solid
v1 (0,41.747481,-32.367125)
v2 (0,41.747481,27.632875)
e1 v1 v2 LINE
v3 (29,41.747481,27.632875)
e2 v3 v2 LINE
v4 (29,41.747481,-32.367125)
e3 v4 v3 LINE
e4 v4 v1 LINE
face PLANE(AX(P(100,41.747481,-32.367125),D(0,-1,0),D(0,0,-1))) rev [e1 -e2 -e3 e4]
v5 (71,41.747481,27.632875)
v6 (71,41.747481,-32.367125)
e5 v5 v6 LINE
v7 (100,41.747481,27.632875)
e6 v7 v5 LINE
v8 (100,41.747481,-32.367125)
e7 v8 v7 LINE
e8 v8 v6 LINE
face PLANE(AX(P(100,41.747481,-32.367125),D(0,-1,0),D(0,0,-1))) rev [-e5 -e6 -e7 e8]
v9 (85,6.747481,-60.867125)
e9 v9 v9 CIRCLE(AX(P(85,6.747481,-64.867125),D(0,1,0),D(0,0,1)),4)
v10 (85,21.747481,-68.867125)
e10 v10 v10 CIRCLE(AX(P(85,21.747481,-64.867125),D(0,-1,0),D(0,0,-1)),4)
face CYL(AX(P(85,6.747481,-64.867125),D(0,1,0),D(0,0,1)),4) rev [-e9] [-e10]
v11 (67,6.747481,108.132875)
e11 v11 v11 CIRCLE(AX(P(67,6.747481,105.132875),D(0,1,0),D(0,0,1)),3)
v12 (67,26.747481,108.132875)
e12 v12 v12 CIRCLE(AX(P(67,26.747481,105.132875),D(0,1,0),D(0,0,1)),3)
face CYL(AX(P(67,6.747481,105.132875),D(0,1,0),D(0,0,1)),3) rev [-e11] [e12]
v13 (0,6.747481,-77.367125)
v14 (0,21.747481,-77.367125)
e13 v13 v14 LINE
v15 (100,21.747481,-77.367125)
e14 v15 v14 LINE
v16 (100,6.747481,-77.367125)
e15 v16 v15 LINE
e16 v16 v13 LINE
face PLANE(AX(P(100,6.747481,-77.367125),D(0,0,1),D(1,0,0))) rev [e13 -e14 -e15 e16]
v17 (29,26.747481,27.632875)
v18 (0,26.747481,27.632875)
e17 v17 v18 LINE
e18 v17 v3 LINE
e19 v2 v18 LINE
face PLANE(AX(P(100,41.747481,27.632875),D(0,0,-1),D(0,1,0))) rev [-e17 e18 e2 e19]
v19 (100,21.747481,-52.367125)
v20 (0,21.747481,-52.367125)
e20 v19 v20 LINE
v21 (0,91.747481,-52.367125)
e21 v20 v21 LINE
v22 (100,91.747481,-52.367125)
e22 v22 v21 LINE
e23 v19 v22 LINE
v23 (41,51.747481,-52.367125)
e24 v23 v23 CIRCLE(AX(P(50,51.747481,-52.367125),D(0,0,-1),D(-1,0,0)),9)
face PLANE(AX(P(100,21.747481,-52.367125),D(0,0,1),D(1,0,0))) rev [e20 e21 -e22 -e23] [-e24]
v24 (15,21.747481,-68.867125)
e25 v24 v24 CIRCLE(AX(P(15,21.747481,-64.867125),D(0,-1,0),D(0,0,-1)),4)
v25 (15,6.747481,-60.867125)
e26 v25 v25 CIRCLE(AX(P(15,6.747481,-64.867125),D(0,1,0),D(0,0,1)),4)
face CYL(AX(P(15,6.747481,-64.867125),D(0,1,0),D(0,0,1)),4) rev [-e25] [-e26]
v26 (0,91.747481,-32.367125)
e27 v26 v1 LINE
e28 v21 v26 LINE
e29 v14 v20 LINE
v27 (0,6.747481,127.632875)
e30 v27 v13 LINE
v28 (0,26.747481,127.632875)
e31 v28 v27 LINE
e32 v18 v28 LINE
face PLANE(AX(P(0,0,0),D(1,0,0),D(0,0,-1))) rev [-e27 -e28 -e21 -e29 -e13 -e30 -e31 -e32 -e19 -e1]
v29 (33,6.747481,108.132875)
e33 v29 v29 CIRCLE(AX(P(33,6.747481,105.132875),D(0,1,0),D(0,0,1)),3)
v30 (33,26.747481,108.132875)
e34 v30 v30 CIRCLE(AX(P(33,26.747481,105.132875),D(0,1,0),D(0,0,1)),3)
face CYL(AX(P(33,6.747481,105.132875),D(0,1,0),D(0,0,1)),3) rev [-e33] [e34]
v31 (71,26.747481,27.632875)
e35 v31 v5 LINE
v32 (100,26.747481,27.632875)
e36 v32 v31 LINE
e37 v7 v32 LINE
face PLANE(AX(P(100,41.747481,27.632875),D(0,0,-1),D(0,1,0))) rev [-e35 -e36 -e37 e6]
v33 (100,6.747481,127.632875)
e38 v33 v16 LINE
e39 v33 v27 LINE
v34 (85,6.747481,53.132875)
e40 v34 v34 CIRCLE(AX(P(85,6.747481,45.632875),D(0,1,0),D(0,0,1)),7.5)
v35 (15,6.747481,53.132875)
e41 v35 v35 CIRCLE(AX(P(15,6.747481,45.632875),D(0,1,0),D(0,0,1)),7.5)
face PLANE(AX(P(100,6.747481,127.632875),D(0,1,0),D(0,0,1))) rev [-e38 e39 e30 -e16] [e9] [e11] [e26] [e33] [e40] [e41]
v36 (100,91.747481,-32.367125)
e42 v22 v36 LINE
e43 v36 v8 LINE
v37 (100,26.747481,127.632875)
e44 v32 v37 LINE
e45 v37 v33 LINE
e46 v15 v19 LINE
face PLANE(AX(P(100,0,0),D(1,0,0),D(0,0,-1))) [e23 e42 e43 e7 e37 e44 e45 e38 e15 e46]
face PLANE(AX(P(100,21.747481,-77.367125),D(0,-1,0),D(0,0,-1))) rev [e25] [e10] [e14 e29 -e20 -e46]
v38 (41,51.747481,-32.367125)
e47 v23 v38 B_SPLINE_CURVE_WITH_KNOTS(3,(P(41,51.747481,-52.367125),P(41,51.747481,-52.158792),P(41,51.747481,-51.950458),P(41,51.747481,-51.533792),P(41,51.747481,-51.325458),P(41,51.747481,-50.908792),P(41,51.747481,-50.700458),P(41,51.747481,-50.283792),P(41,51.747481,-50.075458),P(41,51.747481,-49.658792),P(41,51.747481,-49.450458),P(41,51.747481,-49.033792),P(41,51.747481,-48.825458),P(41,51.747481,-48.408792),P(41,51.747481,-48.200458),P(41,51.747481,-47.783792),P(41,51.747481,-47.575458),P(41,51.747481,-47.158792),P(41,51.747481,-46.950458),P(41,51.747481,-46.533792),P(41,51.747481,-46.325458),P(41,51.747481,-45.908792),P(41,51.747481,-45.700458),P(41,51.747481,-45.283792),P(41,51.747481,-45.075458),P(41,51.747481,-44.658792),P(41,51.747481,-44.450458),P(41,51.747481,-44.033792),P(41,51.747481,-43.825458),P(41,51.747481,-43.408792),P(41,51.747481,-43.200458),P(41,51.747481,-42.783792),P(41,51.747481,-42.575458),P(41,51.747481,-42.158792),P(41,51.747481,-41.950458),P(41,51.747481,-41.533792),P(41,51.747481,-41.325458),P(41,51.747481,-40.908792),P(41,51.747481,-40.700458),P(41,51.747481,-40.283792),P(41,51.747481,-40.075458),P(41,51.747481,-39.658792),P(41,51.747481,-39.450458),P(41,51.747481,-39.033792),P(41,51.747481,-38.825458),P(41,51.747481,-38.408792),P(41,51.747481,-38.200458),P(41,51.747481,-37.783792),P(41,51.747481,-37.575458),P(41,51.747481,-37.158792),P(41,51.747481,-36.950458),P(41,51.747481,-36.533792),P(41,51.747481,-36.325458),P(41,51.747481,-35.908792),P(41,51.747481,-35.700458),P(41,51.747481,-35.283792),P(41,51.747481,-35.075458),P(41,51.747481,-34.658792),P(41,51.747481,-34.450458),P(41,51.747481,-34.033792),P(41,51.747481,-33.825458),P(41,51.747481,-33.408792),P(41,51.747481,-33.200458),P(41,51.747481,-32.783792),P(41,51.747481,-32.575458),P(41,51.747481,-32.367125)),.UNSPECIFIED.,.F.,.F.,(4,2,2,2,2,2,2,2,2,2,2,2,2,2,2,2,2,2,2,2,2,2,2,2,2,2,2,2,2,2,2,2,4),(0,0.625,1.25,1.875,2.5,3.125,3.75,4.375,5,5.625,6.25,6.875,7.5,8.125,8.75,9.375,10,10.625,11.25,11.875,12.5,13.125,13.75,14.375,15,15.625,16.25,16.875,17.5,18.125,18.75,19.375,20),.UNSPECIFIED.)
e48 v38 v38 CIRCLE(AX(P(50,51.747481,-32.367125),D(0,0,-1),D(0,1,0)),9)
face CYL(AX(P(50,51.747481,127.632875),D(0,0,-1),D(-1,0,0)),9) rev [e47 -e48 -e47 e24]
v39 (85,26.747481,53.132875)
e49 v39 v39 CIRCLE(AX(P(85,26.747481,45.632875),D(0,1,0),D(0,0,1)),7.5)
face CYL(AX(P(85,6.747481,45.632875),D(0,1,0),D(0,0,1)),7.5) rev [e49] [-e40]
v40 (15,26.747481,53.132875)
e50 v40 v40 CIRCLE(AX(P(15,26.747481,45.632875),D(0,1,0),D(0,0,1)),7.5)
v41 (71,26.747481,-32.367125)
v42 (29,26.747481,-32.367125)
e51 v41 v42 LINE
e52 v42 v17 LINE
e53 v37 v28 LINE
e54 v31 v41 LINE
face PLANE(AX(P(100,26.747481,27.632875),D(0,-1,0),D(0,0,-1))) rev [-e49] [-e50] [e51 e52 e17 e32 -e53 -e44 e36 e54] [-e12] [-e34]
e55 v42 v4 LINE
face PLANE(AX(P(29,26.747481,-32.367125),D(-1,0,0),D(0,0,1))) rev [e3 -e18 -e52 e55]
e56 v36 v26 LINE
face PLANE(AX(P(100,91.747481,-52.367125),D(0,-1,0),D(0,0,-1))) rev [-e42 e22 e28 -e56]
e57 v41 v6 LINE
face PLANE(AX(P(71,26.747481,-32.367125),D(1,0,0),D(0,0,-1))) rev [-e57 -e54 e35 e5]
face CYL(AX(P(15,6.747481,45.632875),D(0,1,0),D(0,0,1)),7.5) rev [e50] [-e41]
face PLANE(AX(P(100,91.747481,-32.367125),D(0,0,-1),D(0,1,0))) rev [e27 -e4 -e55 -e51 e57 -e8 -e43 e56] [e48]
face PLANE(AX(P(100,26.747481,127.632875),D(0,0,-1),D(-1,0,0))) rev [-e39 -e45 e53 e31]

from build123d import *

# Parameters (mm, degrees)
Y_KSEKLIK_EKSTR_ZYON1_DEPTH = 100
IZIM2_W                     = 42
IZIM2_H                     = 60
KES_EKSTR_ZYON1_DEPTH       = 15
IZIM3_R                     = 4
IZIM3_R_2                   = 3
KES_EKSTR_ZYON2_DEPTH       = 175.685863047
IZIM4_R                     = 7.5
KES_EKSTR_ZYON5_DEPTH       = 175.685863047
IZIM5_R                     = 9
KES_EKSTR_ZYON6_DEPTH       = 226.427594277


with BuildPart() as part:
    # Çizim1 → Yükseklik-Ekstrüzyon1 (new body)
    with BuildSketch(Plane(origin=(0, 0, 0), x_dir=(0, 0, -1), z_dir=(1, 0, 0))):
        Polygon((-127.632874873, 26.747480954), (-127.632874873, 6.747480954), (77.367125127, 6.747480954), (77.367125127, 21.747480954), (52.367125127, 21.747480954), (52.367125127, 91.747480954), (32.367125127, 91.747480954), (32.367125127, 41.747480954), (-27.632874873, 41.747480954), (-27.632874873, 26.747480954), align=None)
    extrude(amount=Y_KSEKLIK_EKSTR_ZYON1_DEPTH)

    # Çizim2 → Kes-Ekstrüzyon1 (cut)
    with BuildSketch(Plane(origin=(0, 41.747480954, 0), x_dir=(1, 0, 0), z_dir=(0, 1, 0))):
        with Locations((50, 2.367125127)):
            Rectangle(IZIM2_W, IZIM2_H)
    extrude(amount=-KES_EKSTR_ZYON1_DEPTH, mode=Mode.SUBTRACT)

    # Çizim3 → Kes-Ekstrüzyon2 (cut, through all)
    with BuildSketch(Plane(origin=(0, 26.747480954, 0), x_dir=(1, 0, 0), z_dir=(0, 1, 0))):
        with Locations(Location((15, 64.867125127, 0), (0, 0, 270))):
            Circle(IZIM3_R)
        with Locations(Location((85, 64.867125127, 0), (0, 0, 270))):
            Circle(IZIM3_R)
        with Locations(Location((33, -105.132874873, 0), (0, 0, 270))):
            Circle(IZIM3_R_2)
        with Locations(Location((67, -105.132874873, 0), (0, 0, 270))):
            Circle(IZIM3_R_2)
    extrude(amount=-KES_EKSTR_ZYON2_DEPTH, mode=Mode.SUBTRACT)

    # Çizim4 → Kes-Ekstrüzyon5 (cut, through all)
    with BuildSketch(Plane(origin=(0, 26.747480954, 0), x_dir=(1, 0, 0), z_dir=(0, 1, 0))):
        with Locations(Location((15, -45.632874873, 0), (0, 0, 270))):
            Circle(IZIM4_R)
        with Locations(Location((85, -45.632874873, 0), (0, 0, 270))):
            Circle(IZIM4_R)
    extrude(amount=-KES_EKSTR_ZYON5_DEPTH, mode=Mode.SUBTRACT)

    # Çizim5 → Kes-Ekstrüzyon6 (cut, through all)
    with BuildSketch(Plane(origin=(0, 0, -52.367125127), x_dir=(-1, 0, 0), z_dir=(0, 0, -1))):
        with Locations((-50, 51.747480954)):
            Circle(IZIM5_R)
    extrude(amount=-KES_EKSTR_ZYON6_DEPTH, mode=Mode.SUBTRACT)


solid = part.part
